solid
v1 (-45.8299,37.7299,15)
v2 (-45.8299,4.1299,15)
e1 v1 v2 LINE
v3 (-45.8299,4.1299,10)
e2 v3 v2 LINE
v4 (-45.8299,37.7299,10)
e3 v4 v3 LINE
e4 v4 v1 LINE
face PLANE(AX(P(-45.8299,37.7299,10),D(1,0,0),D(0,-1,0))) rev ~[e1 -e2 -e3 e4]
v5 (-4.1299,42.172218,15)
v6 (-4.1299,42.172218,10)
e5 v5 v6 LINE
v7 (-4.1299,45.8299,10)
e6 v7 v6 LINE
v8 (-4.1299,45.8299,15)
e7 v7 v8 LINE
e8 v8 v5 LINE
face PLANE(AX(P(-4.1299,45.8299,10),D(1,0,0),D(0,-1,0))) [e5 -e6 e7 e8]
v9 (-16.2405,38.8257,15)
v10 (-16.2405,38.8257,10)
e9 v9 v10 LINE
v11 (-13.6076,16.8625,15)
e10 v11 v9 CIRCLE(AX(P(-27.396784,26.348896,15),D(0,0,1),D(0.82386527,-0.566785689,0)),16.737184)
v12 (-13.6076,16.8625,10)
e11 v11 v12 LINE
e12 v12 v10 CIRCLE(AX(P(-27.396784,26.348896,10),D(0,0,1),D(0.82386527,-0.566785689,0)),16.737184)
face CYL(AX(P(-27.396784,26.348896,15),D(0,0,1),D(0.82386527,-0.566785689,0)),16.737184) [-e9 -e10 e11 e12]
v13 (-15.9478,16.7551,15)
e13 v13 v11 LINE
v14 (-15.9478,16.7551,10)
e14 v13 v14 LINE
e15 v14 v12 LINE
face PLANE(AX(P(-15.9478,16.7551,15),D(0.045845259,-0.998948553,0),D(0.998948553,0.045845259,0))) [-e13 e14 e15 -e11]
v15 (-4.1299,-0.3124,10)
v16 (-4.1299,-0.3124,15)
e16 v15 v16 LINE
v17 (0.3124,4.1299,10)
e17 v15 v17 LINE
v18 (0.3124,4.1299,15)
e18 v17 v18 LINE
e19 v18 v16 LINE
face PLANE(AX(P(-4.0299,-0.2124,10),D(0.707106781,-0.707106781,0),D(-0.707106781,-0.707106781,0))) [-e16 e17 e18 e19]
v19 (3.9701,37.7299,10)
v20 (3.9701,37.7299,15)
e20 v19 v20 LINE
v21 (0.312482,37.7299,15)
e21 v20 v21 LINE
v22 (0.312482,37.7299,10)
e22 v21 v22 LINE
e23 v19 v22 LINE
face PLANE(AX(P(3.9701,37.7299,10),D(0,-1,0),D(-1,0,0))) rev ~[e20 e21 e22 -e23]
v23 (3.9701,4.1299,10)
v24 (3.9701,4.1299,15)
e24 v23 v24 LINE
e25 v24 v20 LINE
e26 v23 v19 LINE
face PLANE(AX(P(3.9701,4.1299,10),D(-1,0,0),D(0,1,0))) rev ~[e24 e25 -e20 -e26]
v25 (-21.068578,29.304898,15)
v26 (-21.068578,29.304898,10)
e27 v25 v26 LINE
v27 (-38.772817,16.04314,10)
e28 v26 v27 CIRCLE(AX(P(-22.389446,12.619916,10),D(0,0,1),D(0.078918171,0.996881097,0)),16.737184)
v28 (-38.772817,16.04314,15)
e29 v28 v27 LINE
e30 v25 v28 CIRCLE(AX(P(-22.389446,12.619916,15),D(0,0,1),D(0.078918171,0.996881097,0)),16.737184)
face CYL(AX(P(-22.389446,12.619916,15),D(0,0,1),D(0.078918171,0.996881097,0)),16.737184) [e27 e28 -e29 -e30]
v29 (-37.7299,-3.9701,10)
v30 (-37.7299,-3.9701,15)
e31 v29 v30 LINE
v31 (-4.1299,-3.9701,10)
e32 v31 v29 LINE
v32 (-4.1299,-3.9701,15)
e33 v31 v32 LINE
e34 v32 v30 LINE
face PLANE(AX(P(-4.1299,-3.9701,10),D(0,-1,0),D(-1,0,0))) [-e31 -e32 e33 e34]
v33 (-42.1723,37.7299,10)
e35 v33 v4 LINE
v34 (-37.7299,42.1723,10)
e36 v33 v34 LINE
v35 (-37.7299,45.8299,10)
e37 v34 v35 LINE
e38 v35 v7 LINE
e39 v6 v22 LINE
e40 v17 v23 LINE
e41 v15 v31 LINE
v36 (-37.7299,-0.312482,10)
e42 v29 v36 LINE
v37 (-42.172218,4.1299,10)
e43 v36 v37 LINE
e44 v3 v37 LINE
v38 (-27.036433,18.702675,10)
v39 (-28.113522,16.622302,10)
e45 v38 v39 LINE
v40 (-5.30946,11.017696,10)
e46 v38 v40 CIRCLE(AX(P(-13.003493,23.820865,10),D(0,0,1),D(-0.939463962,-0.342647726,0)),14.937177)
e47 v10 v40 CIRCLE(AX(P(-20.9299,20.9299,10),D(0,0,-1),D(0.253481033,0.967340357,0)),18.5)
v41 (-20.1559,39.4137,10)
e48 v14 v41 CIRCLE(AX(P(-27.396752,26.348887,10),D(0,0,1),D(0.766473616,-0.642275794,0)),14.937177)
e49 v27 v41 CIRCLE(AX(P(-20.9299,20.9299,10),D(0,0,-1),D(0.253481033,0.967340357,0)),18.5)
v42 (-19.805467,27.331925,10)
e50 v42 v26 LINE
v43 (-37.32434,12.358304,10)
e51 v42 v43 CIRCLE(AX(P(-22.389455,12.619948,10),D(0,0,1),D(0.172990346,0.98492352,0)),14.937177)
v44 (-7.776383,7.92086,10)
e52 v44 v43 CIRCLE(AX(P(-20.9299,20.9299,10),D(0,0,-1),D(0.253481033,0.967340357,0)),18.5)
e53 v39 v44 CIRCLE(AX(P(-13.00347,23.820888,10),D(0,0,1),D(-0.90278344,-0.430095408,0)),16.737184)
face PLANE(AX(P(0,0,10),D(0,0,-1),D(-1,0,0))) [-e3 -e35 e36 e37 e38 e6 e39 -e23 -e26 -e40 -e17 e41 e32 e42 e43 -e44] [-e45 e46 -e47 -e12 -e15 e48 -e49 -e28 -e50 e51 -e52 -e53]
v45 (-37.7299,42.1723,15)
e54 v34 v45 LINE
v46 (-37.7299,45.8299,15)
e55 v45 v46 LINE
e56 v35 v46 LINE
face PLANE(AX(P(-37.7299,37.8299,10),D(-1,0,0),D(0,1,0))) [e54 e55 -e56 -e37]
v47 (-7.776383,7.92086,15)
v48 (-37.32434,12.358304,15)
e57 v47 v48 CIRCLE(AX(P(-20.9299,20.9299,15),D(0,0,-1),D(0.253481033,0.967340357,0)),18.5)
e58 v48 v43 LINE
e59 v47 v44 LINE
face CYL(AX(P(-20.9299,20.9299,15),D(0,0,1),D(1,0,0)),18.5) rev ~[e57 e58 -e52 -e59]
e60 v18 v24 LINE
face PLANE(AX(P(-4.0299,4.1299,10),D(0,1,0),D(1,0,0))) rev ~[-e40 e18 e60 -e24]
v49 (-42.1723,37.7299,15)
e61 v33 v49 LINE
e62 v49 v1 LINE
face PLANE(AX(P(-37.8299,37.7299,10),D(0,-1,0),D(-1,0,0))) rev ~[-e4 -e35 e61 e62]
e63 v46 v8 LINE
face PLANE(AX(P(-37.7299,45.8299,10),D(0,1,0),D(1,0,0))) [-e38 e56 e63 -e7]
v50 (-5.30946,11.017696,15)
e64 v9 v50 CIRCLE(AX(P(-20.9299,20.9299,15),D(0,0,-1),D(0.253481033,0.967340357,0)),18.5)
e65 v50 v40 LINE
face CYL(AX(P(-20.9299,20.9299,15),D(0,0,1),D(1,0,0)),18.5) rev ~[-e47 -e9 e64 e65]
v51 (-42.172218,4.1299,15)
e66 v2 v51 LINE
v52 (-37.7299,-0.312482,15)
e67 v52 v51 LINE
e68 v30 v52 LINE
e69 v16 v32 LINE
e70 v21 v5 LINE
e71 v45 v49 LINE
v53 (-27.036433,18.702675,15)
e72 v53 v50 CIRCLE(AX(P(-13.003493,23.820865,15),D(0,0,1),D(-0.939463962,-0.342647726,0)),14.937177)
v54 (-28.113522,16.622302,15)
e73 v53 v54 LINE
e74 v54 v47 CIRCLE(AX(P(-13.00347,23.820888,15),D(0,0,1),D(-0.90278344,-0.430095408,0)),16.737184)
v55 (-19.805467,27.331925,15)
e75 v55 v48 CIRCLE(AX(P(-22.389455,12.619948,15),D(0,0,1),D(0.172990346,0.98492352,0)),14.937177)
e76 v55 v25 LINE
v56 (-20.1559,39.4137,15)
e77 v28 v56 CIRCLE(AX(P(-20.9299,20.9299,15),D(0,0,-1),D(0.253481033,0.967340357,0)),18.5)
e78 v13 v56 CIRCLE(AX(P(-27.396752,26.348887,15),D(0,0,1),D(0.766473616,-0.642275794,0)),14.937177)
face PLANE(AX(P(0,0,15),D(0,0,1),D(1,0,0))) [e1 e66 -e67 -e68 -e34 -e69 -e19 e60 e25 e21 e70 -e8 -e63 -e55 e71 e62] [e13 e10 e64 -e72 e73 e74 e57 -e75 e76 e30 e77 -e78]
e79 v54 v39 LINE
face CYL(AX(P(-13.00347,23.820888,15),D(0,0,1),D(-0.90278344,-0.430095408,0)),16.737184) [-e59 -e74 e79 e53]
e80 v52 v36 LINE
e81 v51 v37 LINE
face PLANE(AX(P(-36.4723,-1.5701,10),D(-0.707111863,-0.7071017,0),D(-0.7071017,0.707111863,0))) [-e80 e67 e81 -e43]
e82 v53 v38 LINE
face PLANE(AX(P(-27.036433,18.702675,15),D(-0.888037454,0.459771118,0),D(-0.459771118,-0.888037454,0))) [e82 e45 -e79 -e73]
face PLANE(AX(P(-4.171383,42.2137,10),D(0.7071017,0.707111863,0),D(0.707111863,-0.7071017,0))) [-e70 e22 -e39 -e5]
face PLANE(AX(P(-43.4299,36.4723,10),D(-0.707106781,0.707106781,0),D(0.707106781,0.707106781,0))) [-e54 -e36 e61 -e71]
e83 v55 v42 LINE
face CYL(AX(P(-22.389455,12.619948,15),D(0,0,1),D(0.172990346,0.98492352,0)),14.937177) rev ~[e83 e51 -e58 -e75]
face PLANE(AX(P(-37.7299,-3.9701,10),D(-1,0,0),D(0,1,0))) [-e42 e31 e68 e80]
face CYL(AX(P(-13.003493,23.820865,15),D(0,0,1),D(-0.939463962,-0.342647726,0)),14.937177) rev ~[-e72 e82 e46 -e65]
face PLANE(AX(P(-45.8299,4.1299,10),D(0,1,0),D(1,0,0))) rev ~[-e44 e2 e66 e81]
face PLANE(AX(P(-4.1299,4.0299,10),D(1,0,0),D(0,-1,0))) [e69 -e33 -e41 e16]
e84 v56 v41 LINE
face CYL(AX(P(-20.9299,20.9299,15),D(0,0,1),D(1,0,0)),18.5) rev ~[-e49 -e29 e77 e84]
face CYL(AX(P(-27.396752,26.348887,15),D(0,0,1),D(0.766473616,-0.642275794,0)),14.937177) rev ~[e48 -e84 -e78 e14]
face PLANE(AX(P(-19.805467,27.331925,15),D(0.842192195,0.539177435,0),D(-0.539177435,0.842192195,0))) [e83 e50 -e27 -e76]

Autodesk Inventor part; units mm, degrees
ref_plane "YZ Plane" through (0, 0, 0) normal (1, 0, 0) x (0, 1, 0)
ref_plane "Work Plane1" through (0, 0, 10) normal (0, 0, 1) x (1, 0, 0)
sketch "Sketch1" plane through (0, 0, 10) normal (0, 0, 1) x (1, 0, 0)
  line L0 (-4.0299, -0.3538) -> (-2.2322, 1.4439) construction
  arc A0 (-1.4439, 2.2322) -> (-2.2322, 1.4439) centre (-0.9299, 0.9299) ccw construction
  line L1 (-1.4439, 2.2322) -> (0.3538, 4.0299) construction
  line L2 (-37.8299, 42.2137) -> (-37.8299, 45.8299) construction
  line L3 (-37.8299, 45.8299) -> (-4.0299, 45.8299) construction
  line L4 (-4.0299, 45.8299) -> (-4.0299, 42.2137) construction
  line L5 (-4.0299, 4.0299) -> (0.3538, 4.0299) projected
  line L6 (-20.9299, 58.9723) -> (17.1124, 20.9299) construction
  line L7 (17.1124, 20.9299) -> (-20.9299, -17.1124) construction
  line L8 (-20.9299, -17.1124) -> (-58.9723, 20.9299) construction
  line L9 (-58.9723, 20.9299) -> (-20.9299, 58.9723) construction
  line L10 (-20.9299, 58.9723) -> (-20.9299, -17.1124) construction
  line L11 (17.1124, 20.9299) -> (-58.9723, 20.9299) construction
  line L12 (-20.9299, 58.9723) -> (32.8701, 58.9723) construction
  line L13 (-43.4299, 43.4299) -> (1.5701, 43.4299) construction
  line L14 (1.5701, 43.4299) -> (1.5701, -1.5701) construction
  line L15 (1.5701, -1.5701) -> (-43.4299, -1.5701) construction
  line L16 (-43.4299, -1.5701) -> (-43.4299, 43.4299) construction
  line L17 (-43.4299, 43.4299) -> (1.5701, -1.5701) construction
  line L18 (1.5701, 43.4299) -> (-43.4299, -1.5701) construction
  line L19 (-43.4299, 5.3876) -> (-43.4299, 36.4723)
  line L20 (-43.4299, 36.4723) -> (-36.4723, 43.4299)
  line L21 (-36.4723, 43.4299) -> (-5.3876, 43.4299)
  line L22 (-5.3876, 43.4299) -> (1.5701, 36.4723)
  line L23 (1.5701, 36.4723) -> (1.5701, 5.3876)
  line L24 (1.5701, 5.3876) -> (-5.3876, -1.5701)
  line L25 (-5.3876, -1.5701) -> (-36.4723, -1.5701)
  line L26 (-36.4723, -1.5701) -> (-43.4299, 5.3876)
  line L27 (-4.0299, 42.2137) -> (-37.8299, 42.2137) projected
  line L28 (-4.0299, -0.3538) -> (-4.0299, 4.0299) projected
  circle A1 centre (-20.9299, 20.9299) radius 13.3985
  circle A2 centre (-20.9299, 20.9299) radius 15.4895
  point P0 (-37.8299, 4.0299)
  dimension "d18" = 53.8
  dimension "d19" = 45
  dimension "d20" = 53.8
  dimension "d21" = 45
  dimension "d22" = 45
  dimension "d30" = 26.797
  dimension "d36" = 30.979
extrude "Extrusion1" add sketch "Sketch1" along normal blind 5 contours L28 L24 L25 L26 L19 L20 L27 L22 L23 L5 | L5 L24 L28 | L27 L20 L21 L22 | A1 | A2
ref_plane "Work Plane2" through (-40.9959, 0.8639, 22.2359) normal (0, 0, 1) x (1, 0, 0)
sketch "Sketch3" plane through (0, 0, 10) normal (0, 0, -1) x (-1, 0, 0)
  line L0 (37.8299, -0.4701) -> (37.8299, 4.0299) construction
  line L1 (4.0299, 4.0299) -> (4.0299, -0.4701) construction
  line L2 (37.8299, -0.4701) -> (37.8299, 1.1886) construction
  line L3 (4.0299, -3.9701) -> (4.0299, -0.3538) construction
  line L4 (45.8299, 4.0299) -> (42.2137, 4.0299) construction
  line L5 (-0.3538, 4.0299) -> (-3.9701, 4.0299) construction
  line L6 (-3.9701, 37.8299) -> (-0.3538, 37.8299) construction
  line L7 (4.0299, 42.2137) -> (4.0299, 45.8299) construction
  line L8 (37.8299, 45.8299) -> (37.8299, 42.2137) construction
  line L9 (42.2137, 37.8299) -> (45.8299, 37.8299) construction
  line L10 (37.8299, 37.7299) -> (45.8299, 37.7299)
  line L11 (45.8299, 37.7299) -> (45.8299, 4.1299)
  line L12 (45.8299, 4.1299) -> (37.8299, 4.1299)
  line L13 (37.8299, 4.1299) -> (37.8299, 37.7299)
  line L14 (37.7299, 4.0299) -> (4.1299, 4.0299)
  line L15 (4.1299, 4.0299) -> (4.1299, -3.9701)
  line L16 (4.1299, -3.9701) -> (37.7299, -3.9701)
  line L17 (37.7299, -3.9701) -> (37.7299, 4.0299)
  line L18 (4.0299, 4.1299) -> (-3.9701, 4.1299)
  line L19 (-3.9701, 4.1299) -> (-3.9701, 37.7299)
  line L20 (-3.9701, 37.7299) -> (4.0299, 37.7299)
  line L21 (4.0299, 37.7299) -> (4.0299, 4.1299)
  line L22 (4.1299, 37.8299) -> (37.7299, 37.8299)
  line L23 (37.7299, 37.8299) -> (37.7299, 45.8299)
  line L24 (37.7299, 45.8299) -> (4.1299, 45.8299)
  line L25 (4.1299, 45.8299) -> (4.1299, 37.8299)
  point P0 (0, 0)
  dimension "d23" = 0.1
  dimension "d24" = 0.1
  dimension "d25" = 0.1
  dimension "d26" = 0.1
  dimension "d27" = 0.1
extrude "Extrusion3" add sketch "Sketch3" against normal up to surface (5 mm away)
sketch "Sketch6" plane through (0, 0, 15) normal (0, 0, 1) x (1, 0, 0)
  circle A0 centre (-20.9299, 20.9299) radius 18.5
  circle A1 centre (-20.9299, 20.9299) radius 13.3985
  line L0 (-45.8299, 4.1299) -> (-45.8299, 37.7299) projected
  line L1 (-4.1299, -3.9701) -> (-37.7299, -3.9701) projected
  line L2 (-37.7299, 45.8299) -> (-4.1299, 45.8299) projected
  point P0 (0, 0)
  point P1 (-45.8299, 20.9299)
  point P2 (-20.9299, -3.9701)
  point P3 (-20.9299, 45.8299)
  dimension "d37" = 26.797
  dimension "d38" = 37
extrude "Extrusion5" cut sketch "Sketch6" against normal blind 12 contours A0 | A1
sketch "Sketch7" plane through (0, 0, 15) normal (0, 0, 1) x (1, 0, 0)
  arc A0 (-7.3514, 4.1907) -> (-4.1915, 7.0829) centre (-15.9478, 16.7551) ccw
  arc A1 (-7.3514, 4.1907) -> (-4.1915, 7.0829) centre (-15.9478, 16.7551) ccw
  circle A2 centre (-20.9299, 20.9299) radius 18.5 construction
  circle A3 centre (-20.9299, 20.9299) radius 6.5 construction
  arc A4 (-15.9478, 16.7551) -> (-20.1559, 39.4137) centre (-27.3968, 26.3489) ccw
  arc A5 (-13.6076, 16.8625) -> (-16.2405, 38.8257) centre (-27.3968, 26.3489) ccw
  arc A6 (-16.2405, 38.8257) -> (-20.1559, 39.4137) centre (-20.9299, 20.9299) ccw
  line L0 (-15.9478, 16.7551) -> (-13.6076, 16.8625)
  point P0 (0, 0)
  point P1 (-25.3654, 35.7708)
  point P2 (-14.2, -44.8454)
  point P3 (-13.5804, 16.4347)
  point P4 (-13.5804, 8.5029)
  dimension "d79" = 13
  dimension "d83" = 1.8
extrude "Extrusion6" add sketch "Sketch7" against normal up to surface (5 mm away)
pattern_circular "Circular Pattern1" count 3 over 360 about axis through (-20.9299, 20.9299, 15) along (0, 0, -1) of "Extrusion6"
properties part number "50_Cube_Insert_Thorlabs"
